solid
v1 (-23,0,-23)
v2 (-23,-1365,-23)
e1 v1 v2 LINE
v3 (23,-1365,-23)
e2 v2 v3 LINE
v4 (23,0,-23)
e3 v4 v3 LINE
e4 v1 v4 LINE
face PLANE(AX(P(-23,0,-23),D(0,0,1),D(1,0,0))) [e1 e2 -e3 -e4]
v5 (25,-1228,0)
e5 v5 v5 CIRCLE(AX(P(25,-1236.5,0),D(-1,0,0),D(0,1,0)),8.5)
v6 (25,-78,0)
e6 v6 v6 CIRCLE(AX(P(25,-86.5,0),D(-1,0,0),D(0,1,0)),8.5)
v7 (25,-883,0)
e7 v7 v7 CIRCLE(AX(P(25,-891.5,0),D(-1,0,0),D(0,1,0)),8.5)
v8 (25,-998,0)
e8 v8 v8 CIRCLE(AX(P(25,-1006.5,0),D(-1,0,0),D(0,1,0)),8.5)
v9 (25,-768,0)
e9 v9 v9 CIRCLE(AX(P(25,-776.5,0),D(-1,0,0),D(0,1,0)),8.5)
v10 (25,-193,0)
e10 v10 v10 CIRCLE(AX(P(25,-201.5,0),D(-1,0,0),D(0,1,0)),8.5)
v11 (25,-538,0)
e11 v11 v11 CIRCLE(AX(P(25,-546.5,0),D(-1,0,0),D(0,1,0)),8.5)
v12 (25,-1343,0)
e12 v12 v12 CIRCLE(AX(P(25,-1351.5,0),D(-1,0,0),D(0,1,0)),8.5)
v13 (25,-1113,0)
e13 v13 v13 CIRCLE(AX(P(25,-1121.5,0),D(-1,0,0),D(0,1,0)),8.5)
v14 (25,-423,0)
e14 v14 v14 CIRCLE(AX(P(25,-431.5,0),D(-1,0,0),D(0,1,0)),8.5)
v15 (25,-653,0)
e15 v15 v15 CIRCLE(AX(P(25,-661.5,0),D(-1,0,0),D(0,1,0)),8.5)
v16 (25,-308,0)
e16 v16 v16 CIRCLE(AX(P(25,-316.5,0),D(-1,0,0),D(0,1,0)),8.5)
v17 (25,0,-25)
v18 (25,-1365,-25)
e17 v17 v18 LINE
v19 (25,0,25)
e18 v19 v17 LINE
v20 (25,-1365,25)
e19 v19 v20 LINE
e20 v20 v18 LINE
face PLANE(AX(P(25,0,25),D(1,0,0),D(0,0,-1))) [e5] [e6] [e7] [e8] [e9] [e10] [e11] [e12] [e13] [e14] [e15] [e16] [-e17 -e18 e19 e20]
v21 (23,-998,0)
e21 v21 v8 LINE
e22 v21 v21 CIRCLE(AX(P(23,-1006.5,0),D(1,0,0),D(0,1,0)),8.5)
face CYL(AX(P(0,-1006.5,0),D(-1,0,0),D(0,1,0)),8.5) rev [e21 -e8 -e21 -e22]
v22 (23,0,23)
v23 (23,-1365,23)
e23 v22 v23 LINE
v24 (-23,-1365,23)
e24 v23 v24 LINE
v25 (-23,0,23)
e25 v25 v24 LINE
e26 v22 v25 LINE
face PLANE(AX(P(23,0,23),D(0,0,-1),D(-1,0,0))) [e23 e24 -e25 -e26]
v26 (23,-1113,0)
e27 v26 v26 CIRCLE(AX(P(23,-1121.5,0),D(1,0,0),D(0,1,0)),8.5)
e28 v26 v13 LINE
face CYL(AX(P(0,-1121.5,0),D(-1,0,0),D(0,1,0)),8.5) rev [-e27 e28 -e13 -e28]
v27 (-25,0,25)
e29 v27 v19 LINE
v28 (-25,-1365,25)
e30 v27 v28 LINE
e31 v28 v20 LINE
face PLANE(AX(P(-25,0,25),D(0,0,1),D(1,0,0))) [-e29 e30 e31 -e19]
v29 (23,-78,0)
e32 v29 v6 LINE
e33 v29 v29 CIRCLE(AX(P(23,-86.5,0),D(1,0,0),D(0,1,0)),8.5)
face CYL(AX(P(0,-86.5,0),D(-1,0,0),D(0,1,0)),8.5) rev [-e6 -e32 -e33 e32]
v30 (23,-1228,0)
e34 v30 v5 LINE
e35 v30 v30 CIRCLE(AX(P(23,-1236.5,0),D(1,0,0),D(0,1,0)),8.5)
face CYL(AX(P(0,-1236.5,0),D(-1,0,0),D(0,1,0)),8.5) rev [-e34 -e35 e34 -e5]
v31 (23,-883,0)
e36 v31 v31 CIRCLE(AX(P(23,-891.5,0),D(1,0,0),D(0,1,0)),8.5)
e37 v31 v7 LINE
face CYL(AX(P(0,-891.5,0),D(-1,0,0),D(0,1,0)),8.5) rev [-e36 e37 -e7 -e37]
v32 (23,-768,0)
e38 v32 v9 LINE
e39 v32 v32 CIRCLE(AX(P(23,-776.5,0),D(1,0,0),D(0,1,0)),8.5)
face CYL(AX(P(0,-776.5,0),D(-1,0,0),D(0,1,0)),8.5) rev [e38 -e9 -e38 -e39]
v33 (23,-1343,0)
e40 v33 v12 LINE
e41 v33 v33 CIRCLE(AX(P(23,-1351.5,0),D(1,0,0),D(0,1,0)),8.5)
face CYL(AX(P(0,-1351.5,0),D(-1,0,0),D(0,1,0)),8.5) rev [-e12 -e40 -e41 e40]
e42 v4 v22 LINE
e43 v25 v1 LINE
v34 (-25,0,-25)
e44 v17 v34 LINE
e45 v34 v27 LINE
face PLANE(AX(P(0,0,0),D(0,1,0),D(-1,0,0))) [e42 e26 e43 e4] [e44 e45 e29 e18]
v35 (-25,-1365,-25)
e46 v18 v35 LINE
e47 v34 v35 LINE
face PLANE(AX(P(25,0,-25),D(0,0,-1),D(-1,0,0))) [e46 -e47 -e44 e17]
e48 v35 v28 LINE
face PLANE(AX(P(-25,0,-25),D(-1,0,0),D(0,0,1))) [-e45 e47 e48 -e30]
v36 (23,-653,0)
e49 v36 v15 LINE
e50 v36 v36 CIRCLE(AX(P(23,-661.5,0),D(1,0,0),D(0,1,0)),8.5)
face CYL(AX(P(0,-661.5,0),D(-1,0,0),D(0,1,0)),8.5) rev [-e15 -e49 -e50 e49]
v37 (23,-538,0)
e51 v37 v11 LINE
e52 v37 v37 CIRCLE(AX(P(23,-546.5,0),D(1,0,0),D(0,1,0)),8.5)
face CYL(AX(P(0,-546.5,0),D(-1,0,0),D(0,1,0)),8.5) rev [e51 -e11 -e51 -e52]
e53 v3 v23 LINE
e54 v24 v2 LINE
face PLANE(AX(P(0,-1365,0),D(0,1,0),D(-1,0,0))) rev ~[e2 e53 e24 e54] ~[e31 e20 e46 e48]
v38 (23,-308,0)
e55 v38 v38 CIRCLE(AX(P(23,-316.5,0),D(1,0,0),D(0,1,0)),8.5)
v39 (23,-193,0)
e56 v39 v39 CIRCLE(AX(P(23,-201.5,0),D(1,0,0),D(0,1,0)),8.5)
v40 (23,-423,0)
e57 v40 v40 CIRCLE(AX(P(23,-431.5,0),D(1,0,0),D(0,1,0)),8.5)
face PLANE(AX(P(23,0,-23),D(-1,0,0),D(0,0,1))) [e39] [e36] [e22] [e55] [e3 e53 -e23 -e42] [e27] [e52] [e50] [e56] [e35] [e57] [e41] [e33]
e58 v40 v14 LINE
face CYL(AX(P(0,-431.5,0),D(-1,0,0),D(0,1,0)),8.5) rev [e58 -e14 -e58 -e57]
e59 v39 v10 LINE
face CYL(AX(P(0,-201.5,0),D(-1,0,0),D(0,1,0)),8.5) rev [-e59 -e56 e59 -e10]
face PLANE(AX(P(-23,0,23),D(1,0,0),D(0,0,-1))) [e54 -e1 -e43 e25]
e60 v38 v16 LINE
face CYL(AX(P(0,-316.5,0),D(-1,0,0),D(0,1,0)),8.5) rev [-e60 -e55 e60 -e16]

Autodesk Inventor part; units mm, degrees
ref_plane "YZ Plane" through (0, 0, 0) normal (1, 0, 0) x (0, 1, 0)
ref_plane "XZ Plane" through (0, 0, 0) normal (0, 1, 0) x (-1, 0, 0)
ref_plane "XY Plane" through (0, 0, 0) normal (0, 0, 1) x (1, 0, 0)
sketch "Sketch9" plane through (0, 0, 0) normal (0, 1, 0) x (-1, 0, 0)
  line L0 (25, 25) -> (-25, 25)
  line L1 (-25, 25) -> (-25, -25)
  line L2 (-25, -25) -> (25, -25)
  line L3 (25, -25) -> (25, 25)
  line L4 (25, 25) -> (-25, -25) construction
  line L5 (-25, 25) -> (25, -25) construction
  line L6 (-23, 23) -> (23, 23)
  line L7 (23, 23) -> (23, -23)
  line L8 (23, -23) -> (-23, -23)
  line L9 (-23, -23) -> (-23, 23)
  point P0 (0, 0)
  dimension "d172" = 50
  dimension "d173" = 50
  dimension "d174" = 2
extrude "Extrusion3" add sketch "Sketch9" against normal blind 1365
sketch "Sketch10" plane through (0, 0, 0) normal (1, 0, 0) x (0, 1, 0)
  line L0 (0, 25) -> (0, -25) construction
  line L1 (0, 25) -> (-1365, 25) construction
  line L2 (-1365, -25) -> (-1365, 25) construction
  line L3 (0, -25) -> (-1365, -25) construction
  line L4 (-1360, 8.5) -> (-1343, 8.5)
  line L5 (-1343, 8.5) -> (-1343, -8.5)
  line L6 (-1343, -8.5) -> (-1360, -8.5)
  line L7 (-1360, -8.5) -> (-1360, 8.5)
  line L8 (-1360, 8.5) -> (-1343, -8.5) construction
  line L9 (-1343, 8.5) -> (-1360, -8.5) construction
  circle A0 centre (-1351.5, 0) radius 8.5
  line L10 (0, 25) -> (0, -25) projected
  point P0 (0, 0)
  point P1 (0, 0)
  point P2 (-1365, 0)
  dimension "d177" = 17
  dimension "d178" = 17
  dimension "d191" = 5
extrude "Extrusion4" cut sketch "Sketch10" along normal through all contours A0
pattern_linear "Rectangular Pattern4" count 12 spacing 115 along (0, 1, 0) of "Extrusion4"
properties part number "TKS 3531 FDS WAY tube1" material "Stainless Steel"
